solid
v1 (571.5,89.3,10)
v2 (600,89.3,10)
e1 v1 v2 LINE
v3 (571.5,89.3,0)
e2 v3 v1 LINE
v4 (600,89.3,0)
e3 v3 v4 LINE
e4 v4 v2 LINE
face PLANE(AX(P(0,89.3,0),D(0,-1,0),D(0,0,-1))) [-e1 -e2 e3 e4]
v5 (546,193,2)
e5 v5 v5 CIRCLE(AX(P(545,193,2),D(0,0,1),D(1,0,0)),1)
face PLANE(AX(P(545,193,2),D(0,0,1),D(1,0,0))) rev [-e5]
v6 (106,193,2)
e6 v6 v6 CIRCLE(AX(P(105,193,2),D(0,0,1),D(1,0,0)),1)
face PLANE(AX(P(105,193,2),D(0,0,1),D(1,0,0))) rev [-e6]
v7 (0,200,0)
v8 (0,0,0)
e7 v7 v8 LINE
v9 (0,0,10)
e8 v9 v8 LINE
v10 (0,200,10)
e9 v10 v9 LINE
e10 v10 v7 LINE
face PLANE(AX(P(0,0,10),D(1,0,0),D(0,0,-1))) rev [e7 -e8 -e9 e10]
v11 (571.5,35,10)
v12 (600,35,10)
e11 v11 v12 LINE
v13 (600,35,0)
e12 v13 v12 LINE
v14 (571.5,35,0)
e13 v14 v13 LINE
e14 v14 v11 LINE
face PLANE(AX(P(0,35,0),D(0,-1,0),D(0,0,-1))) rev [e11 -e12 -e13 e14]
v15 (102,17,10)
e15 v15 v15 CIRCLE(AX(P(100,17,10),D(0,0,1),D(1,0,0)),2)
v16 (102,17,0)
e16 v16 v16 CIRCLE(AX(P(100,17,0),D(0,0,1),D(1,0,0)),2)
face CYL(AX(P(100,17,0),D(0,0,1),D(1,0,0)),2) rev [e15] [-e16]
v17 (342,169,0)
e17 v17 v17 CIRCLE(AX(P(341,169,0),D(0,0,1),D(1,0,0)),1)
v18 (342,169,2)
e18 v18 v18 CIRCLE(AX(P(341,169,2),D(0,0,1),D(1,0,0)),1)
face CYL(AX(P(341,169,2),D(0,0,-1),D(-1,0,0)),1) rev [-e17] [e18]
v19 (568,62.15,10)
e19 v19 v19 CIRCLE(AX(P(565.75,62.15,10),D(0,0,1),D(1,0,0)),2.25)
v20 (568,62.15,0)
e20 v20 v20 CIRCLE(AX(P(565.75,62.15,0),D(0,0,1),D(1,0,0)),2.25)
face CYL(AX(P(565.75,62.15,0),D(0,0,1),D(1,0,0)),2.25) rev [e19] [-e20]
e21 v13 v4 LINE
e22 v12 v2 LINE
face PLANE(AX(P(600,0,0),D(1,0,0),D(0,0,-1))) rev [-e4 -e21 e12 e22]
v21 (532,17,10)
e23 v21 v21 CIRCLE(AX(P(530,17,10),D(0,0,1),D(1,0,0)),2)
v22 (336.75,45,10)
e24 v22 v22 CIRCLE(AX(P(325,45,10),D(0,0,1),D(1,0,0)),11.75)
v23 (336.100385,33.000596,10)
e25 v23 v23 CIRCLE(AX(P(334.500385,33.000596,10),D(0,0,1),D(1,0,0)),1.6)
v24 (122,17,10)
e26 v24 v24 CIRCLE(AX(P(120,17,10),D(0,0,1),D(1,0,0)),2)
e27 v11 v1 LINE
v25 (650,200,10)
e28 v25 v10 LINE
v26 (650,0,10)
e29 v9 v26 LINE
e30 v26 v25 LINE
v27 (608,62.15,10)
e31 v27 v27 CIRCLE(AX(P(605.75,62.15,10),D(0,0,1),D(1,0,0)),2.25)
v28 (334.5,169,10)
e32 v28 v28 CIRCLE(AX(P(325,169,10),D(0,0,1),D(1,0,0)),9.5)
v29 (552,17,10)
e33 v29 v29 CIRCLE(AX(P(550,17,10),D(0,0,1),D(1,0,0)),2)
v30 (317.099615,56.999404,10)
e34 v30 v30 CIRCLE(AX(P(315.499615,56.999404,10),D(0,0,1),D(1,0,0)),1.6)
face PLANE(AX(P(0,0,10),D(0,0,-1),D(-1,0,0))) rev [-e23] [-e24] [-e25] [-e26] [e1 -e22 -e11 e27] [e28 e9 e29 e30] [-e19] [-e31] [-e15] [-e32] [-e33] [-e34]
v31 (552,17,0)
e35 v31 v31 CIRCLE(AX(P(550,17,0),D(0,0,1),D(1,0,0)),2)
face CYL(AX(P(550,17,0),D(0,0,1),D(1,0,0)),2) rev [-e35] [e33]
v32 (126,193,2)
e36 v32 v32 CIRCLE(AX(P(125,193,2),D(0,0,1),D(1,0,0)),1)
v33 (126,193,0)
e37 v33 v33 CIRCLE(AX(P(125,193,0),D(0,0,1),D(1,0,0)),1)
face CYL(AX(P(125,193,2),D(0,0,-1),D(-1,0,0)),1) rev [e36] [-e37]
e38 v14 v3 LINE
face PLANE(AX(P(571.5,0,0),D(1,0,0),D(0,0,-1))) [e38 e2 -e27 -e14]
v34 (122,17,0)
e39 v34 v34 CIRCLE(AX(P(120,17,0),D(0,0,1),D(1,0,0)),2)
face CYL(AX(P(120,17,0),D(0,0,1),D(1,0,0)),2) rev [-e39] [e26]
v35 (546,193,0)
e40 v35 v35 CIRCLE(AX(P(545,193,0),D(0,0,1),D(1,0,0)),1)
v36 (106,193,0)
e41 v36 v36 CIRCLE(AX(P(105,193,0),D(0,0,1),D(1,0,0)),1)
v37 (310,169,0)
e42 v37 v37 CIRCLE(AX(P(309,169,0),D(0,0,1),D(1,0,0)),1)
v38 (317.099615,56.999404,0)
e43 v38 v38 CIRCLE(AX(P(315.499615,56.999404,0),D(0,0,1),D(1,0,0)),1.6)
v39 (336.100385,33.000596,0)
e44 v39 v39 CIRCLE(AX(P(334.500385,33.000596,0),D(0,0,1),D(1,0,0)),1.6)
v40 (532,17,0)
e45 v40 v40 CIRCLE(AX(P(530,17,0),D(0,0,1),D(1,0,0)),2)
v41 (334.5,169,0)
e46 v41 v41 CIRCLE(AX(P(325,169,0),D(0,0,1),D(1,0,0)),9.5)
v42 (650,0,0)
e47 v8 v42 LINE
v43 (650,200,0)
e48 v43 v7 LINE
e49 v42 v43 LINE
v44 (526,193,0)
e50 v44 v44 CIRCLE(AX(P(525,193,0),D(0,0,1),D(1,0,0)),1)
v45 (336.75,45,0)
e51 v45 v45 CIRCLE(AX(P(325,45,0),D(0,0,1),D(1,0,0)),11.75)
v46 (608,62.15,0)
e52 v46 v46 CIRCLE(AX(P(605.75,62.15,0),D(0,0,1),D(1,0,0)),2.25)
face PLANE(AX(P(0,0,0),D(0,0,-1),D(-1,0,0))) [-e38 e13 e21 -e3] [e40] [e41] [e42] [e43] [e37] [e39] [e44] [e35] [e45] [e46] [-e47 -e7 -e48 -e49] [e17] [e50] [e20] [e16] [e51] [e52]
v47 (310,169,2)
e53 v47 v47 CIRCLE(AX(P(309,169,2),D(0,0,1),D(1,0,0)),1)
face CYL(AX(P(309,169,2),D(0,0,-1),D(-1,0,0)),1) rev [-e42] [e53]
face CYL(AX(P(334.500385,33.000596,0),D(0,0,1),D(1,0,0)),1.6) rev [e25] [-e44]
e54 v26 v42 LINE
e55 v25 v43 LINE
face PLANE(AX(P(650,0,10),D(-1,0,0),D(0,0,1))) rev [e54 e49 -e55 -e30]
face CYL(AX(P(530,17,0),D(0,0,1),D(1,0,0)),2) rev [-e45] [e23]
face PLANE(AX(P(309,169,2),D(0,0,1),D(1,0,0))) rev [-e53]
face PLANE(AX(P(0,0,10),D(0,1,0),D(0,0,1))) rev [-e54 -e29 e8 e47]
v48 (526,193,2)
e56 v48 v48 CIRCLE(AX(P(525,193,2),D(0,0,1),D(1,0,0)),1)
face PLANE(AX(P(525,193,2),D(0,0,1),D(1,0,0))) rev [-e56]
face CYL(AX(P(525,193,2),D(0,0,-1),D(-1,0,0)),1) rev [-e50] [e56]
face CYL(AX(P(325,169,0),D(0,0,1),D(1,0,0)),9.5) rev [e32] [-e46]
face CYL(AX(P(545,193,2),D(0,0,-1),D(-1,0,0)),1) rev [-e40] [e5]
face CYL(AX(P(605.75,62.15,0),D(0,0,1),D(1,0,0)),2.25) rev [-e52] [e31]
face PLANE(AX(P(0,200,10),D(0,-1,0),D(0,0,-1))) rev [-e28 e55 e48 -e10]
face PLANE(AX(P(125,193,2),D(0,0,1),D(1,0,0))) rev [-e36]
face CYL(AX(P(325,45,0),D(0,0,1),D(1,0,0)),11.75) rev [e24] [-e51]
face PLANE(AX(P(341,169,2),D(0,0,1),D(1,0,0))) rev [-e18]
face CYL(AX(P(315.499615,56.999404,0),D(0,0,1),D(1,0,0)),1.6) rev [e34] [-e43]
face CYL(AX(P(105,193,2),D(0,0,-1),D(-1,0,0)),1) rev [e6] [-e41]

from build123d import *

# Parameters (mm, degrees)
ESQUISSE1_W             = 650
ESQUISSE1_H             = 200
BOSS_EXTRU_1_DEPTH      = 10
ESQUISSE2_R             = 2
ENL_V_MAT_EXTRU_1_DEPTH = 10
ESQUISSE3_R             = 1.6
ESQUISSE3_R_2           = 11.75
ESQUISSE3_W             = 28.5
ESQUISSE3_H             = 54.3
ESQUISSE3_R_3           = 2.25
ENL_V_MAT_EXTRU_2_DEPTH = 10
ESQUISSE4_R             = 9.5
ENL_V_MAT_EXTRU_3_DEPTH = 10
ESQUISSE5_R             = 1
ENL_V_MAT_EXTRU_4_DEPTH = 2


with BuildPart() as part:
    # Esquisse1 → Boss.-Extru.1 (new body)
    with BuildSketch(Plane.XY):
        with Locations((325, 100)):
            Rectangle(ESQUISSE1_W, ESQUISSE1_H)
    extrude(amount=BOSS_EXTRU_1_DEPTH)

    # Esquisse2 → Enlèv. mat.-Extru.1 (cut)
    with BuildSketch(Plane.XY.offset(10)):
        with Locations((100, 17)):
            Circle(ESQUISSE2_R)
        with Locations((120, 17)):
            Circle(ESQUISSE2_R)
        with Locations((530, 17)):
            Circle(ESQUISSE2_R)
        with Locations((550, 17)):
            Circle(ESQUISSE2_R)
    extrude(amount=-ENL_V_MAT_EXTRU_1_DEPTH, mode=Mode.SUBTRACT)

    # Esquisse3 → Enlèv. mat.-Extru.2 (cut)
    with BuildSketch(Plane.XY.offset(10)):
        with Locations((315.499614794, 56.999404399)):
            Circle(ESQUISSE3_R)
        with Locations((325, 45)):
            Circle(ESQUISSE3_R_2)
        with Locations((334.500385206, 33.000595601)):
            Circle(ESQUISSE3_R)
        with Locations((585.75, 62.15)):
            Rectangle(ESQUISSE3_W, ESQUISSE3_H)
        with Locations((565.75, 62.15)):
            Circle(ESQUISSE3_R_3)
        with Locations((605.75, 62.15)):
            Circle(ESQUISSE3_R_3)
    extrude(amount=-ENL_V_MAT_EXTRU_2_DEPTH, mode=Mode.SUBTRACT)

    # Esquisse4 → Enlèv. mat.-Extru.3 (cut)
    with BuildSketch(Plane.XY.offset(10)):
        with Locations((325, 169)):
            Circle(ESQUISSE4_R)
    extrude(amount=-ENL_V_MAT_EXTRU_3_DEPTH, mode=Mode.SUBTRACT)

    # Esquisse5 → Enlèv. mat.-Extru.4 (cut)
    with BuildSketch(Plane.XY):
        with Locations((341, 169)):
            Circle(ESQUISSE5_R)
        with Locations((309, 169)):
            Circle(ESQUISSE5_R)
        with Locations((125, 193)):
            Circle(ESQUISSE5_R)
        with Locations((105, 193)):
            Circle(ESQUISSE5_R)
        with Locations((545, 193)):
            Circle(ESQUISSE5_R)
        with Locations((525, 193)):
            Circle(ESQUISSE5_R)
    extrude(amount=ENL_V_MAT_EXTRU_4_DEPTH, mode=Mode.SUBTRACT)


solid = part.part
